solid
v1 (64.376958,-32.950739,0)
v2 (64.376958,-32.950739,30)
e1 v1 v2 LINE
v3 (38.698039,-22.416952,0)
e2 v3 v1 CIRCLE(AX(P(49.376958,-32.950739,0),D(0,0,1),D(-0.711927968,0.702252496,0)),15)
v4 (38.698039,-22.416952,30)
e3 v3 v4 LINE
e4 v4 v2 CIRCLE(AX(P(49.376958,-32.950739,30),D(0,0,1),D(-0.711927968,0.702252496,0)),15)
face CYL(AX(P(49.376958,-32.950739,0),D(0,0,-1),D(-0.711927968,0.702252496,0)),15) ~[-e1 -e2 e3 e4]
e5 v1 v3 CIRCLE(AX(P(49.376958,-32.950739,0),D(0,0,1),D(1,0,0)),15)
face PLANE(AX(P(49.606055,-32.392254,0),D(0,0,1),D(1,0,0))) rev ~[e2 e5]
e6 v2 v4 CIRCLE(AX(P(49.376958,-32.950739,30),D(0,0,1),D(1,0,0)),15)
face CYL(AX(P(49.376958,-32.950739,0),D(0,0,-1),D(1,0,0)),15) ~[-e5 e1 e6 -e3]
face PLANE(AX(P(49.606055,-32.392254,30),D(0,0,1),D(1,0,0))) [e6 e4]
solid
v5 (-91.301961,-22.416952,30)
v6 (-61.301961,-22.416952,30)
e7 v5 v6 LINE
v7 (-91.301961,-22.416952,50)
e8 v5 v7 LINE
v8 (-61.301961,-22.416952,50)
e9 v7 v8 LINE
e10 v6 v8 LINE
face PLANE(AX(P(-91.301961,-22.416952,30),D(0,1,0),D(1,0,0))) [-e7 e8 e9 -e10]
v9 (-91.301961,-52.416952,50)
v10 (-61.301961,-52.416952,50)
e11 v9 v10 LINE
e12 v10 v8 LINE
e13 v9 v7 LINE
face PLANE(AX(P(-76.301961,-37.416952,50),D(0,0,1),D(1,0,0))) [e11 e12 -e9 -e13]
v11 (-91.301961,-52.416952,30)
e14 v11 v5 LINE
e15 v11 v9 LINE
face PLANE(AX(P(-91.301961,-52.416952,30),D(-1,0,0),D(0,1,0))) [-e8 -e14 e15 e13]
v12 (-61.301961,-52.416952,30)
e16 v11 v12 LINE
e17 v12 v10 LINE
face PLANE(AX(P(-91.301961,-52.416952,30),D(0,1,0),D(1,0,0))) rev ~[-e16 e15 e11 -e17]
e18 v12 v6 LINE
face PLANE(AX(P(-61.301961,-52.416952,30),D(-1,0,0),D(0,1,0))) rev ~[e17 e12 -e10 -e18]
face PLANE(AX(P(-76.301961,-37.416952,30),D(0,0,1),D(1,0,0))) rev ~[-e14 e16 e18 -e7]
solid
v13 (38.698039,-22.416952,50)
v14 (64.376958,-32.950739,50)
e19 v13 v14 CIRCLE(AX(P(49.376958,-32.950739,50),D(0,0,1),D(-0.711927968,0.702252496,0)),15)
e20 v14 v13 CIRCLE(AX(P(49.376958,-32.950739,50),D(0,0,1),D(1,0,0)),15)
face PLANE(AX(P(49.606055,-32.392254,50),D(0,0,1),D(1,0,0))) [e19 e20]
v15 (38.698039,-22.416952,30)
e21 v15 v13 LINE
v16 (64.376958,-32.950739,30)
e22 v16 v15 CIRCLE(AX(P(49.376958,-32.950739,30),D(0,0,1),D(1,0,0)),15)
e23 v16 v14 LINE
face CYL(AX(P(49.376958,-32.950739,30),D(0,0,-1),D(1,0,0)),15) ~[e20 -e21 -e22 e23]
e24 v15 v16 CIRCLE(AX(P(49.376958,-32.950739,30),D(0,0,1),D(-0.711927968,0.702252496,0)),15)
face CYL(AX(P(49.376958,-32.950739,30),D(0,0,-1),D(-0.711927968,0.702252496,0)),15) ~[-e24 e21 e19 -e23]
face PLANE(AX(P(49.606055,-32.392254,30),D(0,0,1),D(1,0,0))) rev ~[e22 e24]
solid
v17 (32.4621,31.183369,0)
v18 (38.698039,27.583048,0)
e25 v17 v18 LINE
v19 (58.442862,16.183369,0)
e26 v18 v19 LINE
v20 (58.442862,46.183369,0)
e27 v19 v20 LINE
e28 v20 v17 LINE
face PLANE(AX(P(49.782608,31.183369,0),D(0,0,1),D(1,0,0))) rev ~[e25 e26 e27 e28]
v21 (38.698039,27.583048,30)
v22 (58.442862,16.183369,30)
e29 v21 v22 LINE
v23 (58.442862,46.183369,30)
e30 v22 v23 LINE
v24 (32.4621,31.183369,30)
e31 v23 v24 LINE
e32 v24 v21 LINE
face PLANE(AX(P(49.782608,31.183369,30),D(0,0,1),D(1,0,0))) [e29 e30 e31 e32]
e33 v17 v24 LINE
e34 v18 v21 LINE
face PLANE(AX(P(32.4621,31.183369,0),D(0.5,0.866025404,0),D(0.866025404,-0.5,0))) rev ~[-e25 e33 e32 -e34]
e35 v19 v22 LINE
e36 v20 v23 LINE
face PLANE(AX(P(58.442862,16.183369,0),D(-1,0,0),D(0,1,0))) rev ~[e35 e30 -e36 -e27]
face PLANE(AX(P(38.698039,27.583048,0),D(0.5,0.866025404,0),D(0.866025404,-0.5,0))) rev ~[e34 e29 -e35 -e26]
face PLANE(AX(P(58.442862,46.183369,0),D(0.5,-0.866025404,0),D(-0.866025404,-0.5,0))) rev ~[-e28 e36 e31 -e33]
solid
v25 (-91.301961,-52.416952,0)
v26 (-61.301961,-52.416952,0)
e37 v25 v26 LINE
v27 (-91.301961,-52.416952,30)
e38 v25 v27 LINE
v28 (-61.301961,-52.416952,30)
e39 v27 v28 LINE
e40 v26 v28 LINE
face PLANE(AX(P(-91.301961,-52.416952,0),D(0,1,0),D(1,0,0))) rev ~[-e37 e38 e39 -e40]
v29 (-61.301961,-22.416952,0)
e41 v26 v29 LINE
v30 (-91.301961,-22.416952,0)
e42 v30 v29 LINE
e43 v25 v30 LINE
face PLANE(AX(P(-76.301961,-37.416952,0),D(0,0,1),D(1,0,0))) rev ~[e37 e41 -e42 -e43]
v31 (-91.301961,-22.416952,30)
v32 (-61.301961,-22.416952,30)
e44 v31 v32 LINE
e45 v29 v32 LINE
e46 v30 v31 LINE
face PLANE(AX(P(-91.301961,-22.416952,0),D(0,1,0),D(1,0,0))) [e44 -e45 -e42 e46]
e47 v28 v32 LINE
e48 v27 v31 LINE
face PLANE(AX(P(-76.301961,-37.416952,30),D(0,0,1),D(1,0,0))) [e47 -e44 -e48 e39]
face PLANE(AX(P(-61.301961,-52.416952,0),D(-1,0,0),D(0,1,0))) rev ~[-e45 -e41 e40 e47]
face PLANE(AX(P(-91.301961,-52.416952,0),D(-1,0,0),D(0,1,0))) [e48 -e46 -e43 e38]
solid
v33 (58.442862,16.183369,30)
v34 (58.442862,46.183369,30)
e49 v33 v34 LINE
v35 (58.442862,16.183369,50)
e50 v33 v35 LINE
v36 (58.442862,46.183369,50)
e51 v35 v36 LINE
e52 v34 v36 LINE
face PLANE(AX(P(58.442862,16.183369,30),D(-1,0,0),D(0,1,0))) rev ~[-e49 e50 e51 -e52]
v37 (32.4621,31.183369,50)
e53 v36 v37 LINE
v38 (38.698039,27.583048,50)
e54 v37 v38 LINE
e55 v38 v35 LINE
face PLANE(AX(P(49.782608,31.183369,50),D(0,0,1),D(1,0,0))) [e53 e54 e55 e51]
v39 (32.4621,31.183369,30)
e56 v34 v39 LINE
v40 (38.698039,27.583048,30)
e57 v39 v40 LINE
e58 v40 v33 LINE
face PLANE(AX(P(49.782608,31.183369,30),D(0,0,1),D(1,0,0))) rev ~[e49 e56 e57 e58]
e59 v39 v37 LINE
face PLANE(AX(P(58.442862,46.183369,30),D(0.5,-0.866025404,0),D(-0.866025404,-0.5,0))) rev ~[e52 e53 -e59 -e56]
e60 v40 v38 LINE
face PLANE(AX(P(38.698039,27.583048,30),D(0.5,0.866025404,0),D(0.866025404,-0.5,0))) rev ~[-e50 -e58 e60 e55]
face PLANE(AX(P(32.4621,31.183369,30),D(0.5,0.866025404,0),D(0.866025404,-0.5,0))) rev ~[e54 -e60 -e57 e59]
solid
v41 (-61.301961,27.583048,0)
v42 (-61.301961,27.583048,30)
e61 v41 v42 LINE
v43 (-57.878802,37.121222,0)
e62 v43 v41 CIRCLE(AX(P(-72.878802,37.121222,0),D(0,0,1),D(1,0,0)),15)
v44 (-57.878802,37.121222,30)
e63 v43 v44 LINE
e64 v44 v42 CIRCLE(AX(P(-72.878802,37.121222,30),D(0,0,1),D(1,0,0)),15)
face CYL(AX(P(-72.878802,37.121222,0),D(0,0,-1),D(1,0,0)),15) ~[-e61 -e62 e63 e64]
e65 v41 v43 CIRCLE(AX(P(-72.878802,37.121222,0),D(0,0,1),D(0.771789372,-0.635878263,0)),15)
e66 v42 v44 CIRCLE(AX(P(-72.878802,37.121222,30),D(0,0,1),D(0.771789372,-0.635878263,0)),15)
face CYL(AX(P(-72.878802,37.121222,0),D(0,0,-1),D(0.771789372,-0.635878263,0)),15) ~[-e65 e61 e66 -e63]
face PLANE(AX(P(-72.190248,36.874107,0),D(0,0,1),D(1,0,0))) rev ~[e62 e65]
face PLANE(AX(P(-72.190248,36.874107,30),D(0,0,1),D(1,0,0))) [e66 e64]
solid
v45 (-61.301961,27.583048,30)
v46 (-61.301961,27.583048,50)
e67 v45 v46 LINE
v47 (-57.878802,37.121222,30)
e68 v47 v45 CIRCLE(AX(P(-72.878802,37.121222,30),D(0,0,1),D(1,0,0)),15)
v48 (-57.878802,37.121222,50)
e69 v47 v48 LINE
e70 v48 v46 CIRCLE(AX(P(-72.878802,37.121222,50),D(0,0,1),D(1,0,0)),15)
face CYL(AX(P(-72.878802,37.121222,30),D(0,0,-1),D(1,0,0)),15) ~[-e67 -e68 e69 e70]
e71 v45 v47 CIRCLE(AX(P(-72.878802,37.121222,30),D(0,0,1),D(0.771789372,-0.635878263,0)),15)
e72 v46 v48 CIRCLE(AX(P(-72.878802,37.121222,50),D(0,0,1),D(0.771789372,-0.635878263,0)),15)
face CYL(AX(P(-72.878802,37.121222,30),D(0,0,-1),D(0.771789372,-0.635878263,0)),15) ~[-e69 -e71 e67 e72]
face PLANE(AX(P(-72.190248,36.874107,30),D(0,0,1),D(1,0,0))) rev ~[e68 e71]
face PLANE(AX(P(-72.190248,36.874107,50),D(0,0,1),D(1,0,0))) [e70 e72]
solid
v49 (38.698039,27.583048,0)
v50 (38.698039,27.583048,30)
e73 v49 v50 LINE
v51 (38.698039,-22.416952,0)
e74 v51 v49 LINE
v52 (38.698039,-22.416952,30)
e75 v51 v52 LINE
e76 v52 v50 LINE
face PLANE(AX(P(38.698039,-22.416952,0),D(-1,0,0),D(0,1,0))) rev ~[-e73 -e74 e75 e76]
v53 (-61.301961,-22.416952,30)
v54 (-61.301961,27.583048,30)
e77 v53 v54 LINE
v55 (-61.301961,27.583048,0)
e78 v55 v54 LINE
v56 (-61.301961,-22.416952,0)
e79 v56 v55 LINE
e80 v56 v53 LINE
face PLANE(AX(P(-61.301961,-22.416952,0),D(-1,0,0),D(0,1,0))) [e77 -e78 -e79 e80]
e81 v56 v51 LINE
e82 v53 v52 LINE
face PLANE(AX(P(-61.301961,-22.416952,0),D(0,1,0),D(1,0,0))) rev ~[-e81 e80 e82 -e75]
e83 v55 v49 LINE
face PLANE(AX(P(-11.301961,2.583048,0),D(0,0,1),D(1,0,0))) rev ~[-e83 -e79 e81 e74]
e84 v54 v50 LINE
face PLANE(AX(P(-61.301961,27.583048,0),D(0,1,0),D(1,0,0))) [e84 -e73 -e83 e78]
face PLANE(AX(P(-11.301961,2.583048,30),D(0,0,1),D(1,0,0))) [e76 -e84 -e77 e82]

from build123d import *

# Parameters (mm, degrees)
F1_DEPTH = 30
F0_W     = 30
F0_H     = 30
F0_W_2   = 100
F0_H_2   = 50
F2_DEPTH = 20


with BuildPart() as f1:
    # F0 (on Top) → F1 (new body)
    with BuildSketch(Plane.XY):
        Polygon((32.46210035, 31.1833690802), (38.6980388133, 27.5830483298), (58.4428624636, 16.1833690802), (58.4428624636, 46.1833690802), align=None)
    extrude(amount=F1_DEPTH)


with BuildPart() as f1b:
    # F0 (on Top) → F1, piece 2 (new body)
    with BuildSketch(Plane.XY):
        with BuildLine():
            ThreePointArc((64.3769583364, -32.9507391096), (55.0697699069, -19.072990862), (38.6980388133, -22.4169516702))
            ThreePointArc((38.6980388133, -22.4169516702), (43.684146766, -46.8284873572), (64.3769583364, -32.9507391096))
        make_face()
    extrude(amount=F1_DEPTH)


with BuildPart() as f1c:
    # F0 (on Top) → F1, piece 3 (new body)
    with BuildSketch(Plane.XY):
        with Locations((-76.3019611867, -37.4169516702)):
            Rectangle(F0_W, F0_H)
    extrude(amount=F1_DEPTH)


with BuildPart() as f1d:
    # F0 (on Top) → F1, piece 4 (new body)
    with BuildSketch(Plane.XY):
        with Locations((-11.3019611867, 2.5830483298)):
            Rectangle(F0_W_2, F0_H_2)
    extrude(amount=F1_DEPTH)


with BuildPart() as f1e:
    # F0 (on Top) → F1, piece 5 (new body)
    with BuildSketch(Plane.XY):
        with BuildLine():
            ThreePointArc((-57.8788017667, 37.1212222738), (-86.9970985602, 42.1881439873), (-61.3019611867, 27.5830483298))
            ThreePointArc((-61.3019611867, 27.5830483298), (-58.7605049732, 32.0543005604), (-57.8788017667, 37.1212222738))
        make_face()
    extrude(amount=F1_DEPTH)


with BuildPart() as f2:
    # F2 (new): a face of the model
    f2_faces = [f1.part.faces().sort_by_distance(p)[0] for p in [
        (49.7826084257, 31.1833690802, 30),
    ]]
    extrude(f2_faces, amount=F2_DEPTH)


with BuildPart() as f2b:
    # F2#2 (new): a face of the model
    f2_2_faces = [f1b.part.faces().sort_by_distance(p)[0] for p in [
        (49.3769583364, -32.9507391096, 30),
    ]]
    extrude(f2_2_faces, amount=F2_DEPTH)


with BuildPart() as f2c:
    # F2#3 (new): a face of the model
    f2_3_faces = [f1c.part.faces().sort_by_distance(p)[0] for p in [
        (-76.3019611867, -37.4169516702, 30),
    ]]
    extrude(f2_3_faces, amount=F2_DEPTH)


with BuildPart() as f2d:
    # F2#4 (new): a face of the model
    f2_4_faces = [f1e.part.faces().sort_by_distance(p)[0] for p in [
        (-72.8788017667, 37.1212222738, 30),
    ]]
    extrude(f2_4_faces, amount=F2_DEPTH)


solid = Compound([f1.part, f1b.part, f1c.part, f1d.part, f1e.part, f2.part, f2b.part, f2c.part, f2d.part])
